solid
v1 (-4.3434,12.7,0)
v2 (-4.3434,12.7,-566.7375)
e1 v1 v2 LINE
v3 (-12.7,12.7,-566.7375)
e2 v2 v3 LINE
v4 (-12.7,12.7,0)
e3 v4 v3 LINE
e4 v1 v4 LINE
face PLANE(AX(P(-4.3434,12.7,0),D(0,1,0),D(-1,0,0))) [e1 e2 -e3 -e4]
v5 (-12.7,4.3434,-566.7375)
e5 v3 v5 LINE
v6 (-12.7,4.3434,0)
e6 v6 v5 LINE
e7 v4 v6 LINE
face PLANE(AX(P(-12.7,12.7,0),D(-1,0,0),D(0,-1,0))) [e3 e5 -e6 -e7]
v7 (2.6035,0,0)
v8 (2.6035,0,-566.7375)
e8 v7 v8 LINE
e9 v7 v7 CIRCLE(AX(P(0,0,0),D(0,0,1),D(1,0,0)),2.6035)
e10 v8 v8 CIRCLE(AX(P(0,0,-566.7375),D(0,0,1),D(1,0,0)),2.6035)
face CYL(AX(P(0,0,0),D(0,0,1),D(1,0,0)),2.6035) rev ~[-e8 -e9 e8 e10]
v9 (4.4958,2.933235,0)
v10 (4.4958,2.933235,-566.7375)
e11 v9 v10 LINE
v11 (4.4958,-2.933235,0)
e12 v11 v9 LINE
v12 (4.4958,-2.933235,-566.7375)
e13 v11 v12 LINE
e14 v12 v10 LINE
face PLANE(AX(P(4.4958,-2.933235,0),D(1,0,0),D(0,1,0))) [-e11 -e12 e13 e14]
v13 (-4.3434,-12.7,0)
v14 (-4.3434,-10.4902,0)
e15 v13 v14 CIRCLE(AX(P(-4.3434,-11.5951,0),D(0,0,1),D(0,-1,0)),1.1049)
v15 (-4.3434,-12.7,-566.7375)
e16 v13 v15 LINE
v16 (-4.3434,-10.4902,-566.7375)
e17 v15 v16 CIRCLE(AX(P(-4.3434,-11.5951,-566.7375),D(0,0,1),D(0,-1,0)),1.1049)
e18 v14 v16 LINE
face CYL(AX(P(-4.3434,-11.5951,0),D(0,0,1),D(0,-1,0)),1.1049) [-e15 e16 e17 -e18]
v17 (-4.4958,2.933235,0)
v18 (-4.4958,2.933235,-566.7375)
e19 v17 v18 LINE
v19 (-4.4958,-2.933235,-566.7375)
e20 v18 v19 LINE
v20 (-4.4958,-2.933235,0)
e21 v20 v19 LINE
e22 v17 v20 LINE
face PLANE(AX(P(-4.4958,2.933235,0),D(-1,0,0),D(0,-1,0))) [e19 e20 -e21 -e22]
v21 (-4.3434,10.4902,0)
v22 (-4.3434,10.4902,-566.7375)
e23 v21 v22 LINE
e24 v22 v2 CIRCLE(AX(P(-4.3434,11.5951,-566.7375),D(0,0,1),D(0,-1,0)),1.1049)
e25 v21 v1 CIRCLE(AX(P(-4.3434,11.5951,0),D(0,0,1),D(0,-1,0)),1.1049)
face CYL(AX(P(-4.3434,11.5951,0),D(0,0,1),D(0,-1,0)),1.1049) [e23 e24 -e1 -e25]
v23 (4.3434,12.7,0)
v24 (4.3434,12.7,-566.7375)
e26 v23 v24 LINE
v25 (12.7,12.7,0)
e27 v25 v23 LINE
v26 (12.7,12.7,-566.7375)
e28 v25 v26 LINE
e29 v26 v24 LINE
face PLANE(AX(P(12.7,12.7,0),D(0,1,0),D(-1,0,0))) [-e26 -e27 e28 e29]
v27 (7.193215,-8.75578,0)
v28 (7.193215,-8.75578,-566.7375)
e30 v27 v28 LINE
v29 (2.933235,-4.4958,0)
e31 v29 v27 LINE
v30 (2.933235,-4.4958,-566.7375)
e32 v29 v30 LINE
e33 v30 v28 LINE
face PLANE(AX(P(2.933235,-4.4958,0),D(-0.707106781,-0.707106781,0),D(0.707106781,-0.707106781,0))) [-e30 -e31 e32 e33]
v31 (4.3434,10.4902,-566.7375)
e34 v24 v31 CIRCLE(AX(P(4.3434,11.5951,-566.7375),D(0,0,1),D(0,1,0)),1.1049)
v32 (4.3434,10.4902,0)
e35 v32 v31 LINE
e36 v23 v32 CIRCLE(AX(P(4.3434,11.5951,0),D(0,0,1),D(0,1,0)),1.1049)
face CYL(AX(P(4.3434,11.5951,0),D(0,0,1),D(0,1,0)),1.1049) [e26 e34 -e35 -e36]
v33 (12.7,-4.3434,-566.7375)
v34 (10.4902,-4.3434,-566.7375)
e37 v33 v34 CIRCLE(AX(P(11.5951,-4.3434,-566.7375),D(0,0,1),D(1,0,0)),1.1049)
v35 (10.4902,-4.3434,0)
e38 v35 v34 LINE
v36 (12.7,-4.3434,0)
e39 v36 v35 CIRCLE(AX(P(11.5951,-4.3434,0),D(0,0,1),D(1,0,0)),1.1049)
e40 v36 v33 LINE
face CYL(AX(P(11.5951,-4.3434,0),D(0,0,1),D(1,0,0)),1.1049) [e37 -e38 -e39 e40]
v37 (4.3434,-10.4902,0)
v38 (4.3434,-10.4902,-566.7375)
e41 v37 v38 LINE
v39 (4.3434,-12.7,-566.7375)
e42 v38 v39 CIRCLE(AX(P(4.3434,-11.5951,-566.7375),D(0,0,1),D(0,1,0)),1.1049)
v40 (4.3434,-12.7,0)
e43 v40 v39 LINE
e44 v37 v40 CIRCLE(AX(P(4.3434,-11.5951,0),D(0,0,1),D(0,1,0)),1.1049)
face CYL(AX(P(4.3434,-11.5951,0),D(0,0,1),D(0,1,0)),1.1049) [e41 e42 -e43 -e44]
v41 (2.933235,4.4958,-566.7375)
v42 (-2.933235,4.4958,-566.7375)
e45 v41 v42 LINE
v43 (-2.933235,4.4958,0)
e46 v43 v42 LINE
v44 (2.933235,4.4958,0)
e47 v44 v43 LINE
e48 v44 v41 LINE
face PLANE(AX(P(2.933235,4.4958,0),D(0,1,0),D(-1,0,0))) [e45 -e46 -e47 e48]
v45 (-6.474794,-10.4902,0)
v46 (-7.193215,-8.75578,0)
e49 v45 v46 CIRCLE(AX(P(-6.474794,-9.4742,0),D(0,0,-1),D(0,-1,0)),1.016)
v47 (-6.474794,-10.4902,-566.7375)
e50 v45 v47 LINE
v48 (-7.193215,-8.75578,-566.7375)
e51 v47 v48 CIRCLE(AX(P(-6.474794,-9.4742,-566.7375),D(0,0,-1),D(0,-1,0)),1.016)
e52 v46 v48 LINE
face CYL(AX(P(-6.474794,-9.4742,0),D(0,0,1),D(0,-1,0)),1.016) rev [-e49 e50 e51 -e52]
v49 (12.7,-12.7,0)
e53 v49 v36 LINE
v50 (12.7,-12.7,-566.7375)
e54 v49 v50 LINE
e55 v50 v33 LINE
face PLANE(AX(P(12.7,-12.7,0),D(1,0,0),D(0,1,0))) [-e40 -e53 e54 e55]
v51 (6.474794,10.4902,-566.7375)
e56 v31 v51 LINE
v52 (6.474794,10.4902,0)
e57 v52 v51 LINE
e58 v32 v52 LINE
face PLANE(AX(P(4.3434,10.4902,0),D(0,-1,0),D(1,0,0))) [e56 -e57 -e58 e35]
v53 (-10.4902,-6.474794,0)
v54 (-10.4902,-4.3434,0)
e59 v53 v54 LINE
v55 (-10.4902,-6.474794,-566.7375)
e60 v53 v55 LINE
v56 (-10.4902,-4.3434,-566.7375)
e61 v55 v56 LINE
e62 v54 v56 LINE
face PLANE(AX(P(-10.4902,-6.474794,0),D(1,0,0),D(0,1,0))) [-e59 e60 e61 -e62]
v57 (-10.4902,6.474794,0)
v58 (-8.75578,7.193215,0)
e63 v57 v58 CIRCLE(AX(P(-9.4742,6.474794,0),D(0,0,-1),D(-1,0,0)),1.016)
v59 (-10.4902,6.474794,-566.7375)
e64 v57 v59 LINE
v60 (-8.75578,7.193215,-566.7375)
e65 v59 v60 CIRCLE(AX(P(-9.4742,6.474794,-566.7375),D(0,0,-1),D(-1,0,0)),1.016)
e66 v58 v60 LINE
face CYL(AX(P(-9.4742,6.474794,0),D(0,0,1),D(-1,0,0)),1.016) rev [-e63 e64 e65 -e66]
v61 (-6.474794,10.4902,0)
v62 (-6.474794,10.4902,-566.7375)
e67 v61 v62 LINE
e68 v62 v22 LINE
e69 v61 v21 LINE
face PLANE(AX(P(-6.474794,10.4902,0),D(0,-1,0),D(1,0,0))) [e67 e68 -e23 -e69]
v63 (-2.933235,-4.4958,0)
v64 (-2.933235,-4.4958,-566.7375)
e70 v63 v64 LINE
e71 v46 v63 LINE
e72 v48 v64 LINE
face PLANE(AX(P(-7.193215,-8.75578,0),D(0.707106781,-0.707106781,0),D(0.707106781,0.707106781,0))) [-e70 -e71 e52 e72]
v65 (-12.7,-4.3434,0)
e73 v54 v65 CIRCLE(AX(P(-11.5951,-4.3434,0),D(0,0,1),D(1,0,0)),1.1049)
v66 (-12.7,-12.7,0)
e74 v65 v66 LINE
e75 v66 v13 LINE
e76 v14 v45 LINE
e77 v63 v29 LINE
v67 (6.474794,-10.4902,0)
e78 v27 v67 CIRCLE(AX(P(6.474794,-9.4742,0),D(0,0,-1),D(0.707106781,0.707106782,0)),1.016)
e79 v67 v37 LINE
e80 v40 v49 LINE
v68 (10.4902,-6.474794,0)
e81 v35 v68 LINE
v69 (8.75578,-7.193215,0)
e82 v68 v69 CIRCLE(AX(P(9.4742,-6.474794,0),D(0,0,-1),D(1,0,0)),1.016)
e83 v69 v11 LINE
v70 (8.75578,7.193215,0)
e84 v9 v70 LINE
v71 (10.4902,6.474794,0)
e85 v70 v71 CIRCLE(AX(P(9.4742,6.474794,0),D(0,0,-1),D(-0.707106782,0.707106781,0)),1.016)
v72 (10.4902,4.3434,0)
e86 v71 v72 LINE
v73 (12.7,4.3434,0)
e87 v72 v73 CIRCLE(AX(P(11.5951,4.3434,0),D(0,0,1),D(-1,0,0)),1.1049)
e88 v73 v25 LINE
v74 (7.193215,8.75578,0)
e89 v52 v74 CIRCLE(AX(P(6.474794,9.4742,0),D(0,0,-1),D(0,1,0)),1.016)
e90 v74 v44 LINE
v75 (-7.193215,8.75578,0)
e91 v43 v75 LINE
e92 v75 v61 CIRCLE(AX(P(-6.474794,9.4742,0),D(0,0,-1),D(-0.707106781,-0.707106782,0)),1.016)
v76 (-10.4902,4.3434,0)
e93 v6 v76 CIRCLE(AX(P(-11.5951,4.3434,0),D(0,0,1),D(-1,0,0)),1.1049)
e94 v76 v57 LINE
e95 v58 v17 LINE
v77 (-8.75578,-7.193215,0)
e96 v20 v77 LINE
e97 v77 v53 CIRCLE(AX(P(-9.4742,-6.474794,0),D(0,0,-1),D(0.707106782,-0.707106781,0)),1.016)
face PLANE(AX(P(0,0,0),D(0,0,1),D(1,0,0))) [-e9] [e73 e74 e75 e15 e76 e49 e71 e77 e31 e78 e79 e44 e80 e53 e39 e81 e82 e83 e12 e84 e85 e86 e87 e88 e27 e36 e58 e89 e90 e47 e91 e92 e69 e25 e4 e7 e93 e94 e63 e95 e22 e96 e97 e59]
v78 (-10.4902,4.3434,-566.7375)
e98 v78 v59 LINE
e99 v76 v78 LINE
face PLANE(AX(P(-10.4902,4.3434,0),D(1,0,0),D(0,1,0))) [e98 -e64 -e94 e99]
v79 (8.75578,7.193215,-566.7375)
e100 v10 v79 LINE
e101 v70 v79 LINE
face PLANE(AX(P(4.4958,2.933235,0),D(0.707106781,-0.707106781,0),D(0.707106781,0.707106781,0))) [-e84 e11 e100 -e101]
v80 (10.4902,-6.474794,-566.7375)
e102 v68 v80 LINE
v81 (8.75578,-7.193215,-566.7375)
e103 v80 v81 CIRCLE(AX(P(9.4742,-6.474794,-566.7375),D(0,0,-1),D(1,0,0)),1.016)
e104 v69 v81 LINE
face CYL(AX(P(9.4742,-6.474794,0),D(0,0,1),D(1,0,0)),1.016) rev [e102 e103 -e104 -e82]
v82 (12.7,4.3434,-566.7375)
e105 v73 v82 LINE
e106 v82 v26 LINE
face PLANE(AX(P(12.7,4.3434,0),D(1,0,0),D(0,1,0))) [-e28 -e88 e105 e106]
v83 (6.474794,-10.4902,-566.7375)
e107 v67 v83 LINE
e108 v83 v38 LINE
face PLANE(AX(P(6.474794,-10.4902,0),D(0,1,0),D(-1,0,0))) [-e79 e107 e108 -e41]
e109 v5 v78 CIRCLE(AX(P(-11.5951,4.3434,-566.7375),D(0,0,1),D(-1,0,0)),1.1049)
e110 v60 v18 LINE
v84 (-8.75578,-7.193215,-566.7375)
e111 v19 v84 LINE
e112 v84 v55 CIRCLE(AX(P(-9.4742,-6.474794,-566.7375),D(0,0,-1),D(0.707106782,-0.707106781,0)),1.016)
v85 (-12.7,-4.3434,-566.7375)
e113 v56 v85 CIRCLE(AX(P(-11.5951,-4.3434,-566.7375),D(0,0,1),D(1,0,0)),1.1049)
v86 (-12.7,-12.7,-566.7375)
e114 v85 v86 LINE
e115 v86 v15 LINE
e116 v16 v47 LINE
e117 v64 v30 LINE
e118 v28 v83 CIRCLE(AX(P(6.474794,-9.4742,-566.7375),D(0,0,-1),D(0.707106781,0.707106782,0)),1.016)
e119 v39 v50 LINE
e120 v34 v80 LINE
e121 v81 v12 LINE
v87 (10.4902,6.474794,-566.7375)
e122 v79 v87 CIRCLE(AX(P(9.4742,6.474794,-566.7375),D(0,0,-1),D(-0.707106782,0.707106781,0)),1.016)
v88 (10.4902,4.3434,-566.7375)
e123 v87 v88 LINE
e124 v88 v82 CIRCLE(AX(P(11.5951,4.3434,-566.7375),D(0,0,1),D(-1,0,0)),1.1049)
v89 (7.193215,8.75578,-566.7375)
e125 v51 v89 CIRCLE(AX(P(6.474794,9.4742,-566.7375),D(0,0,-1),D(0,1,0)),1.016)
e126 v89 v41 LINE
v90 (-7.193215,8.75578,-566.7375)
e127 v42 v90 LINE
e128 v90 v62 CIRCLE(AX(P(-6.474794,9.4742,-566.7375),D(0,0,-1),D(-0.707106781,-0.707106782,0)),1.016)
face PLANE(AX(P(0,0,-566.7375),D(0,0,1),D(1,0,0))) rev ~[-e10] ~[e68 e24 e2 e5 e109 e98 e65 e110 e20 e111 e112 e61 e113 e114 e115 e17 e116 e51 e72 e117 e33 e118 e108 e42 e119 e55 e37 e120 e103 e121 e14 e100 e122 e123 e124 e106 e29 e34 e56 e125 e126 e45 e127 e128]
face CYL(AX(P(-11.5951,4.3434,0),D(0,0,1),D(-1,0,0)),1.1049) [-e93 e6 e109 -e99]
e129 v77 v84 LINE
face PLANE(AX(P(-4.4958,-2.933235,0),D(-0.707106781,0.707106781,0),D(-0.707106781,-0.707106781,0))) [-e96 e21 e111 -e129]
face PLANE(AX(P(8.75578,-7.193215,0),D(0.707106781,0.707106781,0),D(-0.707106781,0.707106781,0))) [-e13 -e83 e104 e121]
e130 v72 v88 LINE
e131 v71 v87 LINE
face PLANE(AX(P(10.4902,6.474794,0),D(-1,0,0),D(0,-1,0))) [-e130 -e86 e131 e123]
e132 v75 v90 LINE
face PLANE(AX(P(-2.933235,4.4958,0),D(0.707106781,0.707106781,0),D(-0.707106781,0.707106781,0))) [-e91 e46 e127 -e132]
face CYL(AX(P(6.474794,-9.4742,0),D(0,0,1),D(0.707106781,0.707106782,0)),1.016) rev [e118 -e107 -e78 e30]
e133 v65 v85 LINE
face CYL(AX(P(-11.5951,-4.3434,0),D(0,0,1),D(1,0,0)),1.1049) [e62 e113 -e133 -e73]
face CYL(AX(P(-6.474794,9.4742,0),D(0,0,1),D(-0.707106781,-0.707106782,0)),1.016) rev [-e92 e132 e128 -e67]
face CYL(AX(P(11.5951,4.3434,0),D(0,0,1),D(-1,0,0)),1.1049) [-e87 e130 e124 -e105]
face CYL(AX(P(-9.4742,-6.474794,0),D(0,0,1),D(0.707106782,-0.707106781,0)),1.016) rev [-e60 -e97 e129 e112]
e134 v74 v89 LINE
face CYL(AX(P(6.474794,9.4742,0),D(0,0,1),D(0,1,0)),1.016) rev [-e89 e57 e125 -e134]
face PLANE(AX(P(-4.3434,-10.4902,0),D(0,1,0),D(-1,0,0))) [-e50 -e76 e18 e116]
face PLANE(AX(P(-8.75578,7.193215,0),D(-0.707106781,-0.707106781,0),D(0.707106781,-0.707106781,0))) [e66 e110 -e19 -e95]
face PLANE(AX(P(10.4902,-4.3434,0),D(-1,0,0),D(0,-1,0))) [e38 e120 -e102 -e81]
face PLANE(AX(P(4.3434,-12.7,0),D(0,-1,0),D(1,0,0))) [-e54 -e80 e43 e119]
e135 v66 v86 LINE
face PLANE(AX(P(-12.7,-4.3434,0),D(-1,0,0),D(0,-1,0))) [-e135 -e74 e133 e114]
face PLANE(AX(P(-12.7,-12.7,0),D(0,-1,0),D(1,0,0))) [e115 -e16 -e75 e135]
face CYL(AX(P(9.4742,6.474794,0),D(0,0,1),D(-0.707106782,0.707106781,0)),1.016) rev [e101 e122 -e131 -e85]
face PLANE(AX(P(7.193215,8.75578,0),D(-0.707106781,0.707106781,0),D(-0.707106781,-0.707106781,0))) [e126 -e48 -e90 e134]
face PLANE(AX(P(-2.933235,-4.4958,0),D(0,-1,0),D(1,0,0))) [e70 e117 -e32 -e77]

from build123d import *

# Parameters (mm, degrees)
SKETCH1_R           = 2.6035
BOSS_EXTRUDE1_DEPTH = 566.7375


with BuildPart() as part:
    # Sketch1 → Boss-Extrude1 (new body)
    with BuildSketch(Plane.XY):
        with BuildLine():
            Line((-12.7, -12.7), (-4.343399971, -12.7))
            ThreePointArc((-4.343399971, -12.7), (-3.238499971, -11.5951), (-4.343399971, -10.4902))
            Line((-4.343399971, -10.4902), (-6.474794456, -10.4902))
            ThreePointArc((-6.474794456, -10.4902), (-7.413456061, -9.863006367), (-7.193214945, -8.75577951))
            Line((-7.193214945, -8.75577951), (-2.933235435, -4.4958))
            Line((-2.933235435, -4.4958), (2.933235435, -4.4958))
            Line((2.933235435, -4.4958), (7.193214945, -8.75577951))
            ThreePointArc((7.193214945, -8.75577951), (7.413456061, -9.863006367), (6.474794456, -10.4902))
            Line((6.474794456, -10.4902), (4.3434, -10.4902))
            ThreePointArc((4.3434, -10.4902), (3.2385, -11.5951), (4.3434, -12.7))
            Line((4.3434, -12.7), (12.7, -12.7))
            Line((12.7, -12.7), (12.7, -4.343399971))
            ThreePointArc((12.7, -4.343399971), (11.5951, -3.238499971), (10.4902, -4.343399971))
            Line((10.4902, -4.343399971), (10.4902, -6.474794456))
            ThreePointArc((10.4902, -6.474794456), (9.863006367, -7.413456061), (8.75577951, -7.193214945))
            Line((8.75577951, -7.193214945), (4.4958, -2.933235435))
            Line((4.4958, -2.933235435), (4.4958, 2.933235435))
            Line((4.4958, 2.933235435), (8.75577951, 7.193214945))
            ThreePointArc((8.75577951, 7.193214945), (9.863006367, 7.413456061), (10.4902, 6.474794456))
            Line((10.4902, 6.474794456), (10.4902, 4.3434))
            ThreePointArc((10.4902, 4.3434), (11.5951, 3.2385), (12.7, 4.3434))
            Line((12.7, 4.3434), (12.7, 12.7))
            Line((12.7, 12.7), (4.343399971, 12.7))
            ThreePointArc((4.343399971, 12.7), (3.238499971, 11.5951), (4.343399971, 10.4902))
            Line((4.343399971, 10.4902), (6.474794456, 10.4902))
            ThreePointArc((6.474794456, 10.4902), (7.413456061, 9.863006367), (7.193214945, 8.75577951))
            Line((7.193214945, 8.75577951), (2.933235435, 4.4958))
            Line((2.933235435, 4.4958), (-2.933235435, 4.4958))
            Line((-2.933235435, 4.4958), (-7.193214945, 8.75577951))
            ThreePointArc((-7.193214945, 8.75577951), (-7.413456061, 9.863006367), (-6.474794456, 10.4902))
            Line((-6.474794456, 10.4902), (-4.3434, 10.4902))
            ThreePointArc((-4.3434, 10.4902), (-3.2385, 11.5951), (-4.3434, 12.7))
            Line((-4.3434, 12.7), (-12.7, 12.7))
            Line((-12.7, 12.7), (-12.7, 4.343399971))
            ThreePointArc((-12.7, 4.343399971), (-11.5951, 3.238499971), (-10.4902, 4.343399971))
            Line((-10.4902, 4.343399971), (-10.4902, 6.474794456))
            ThreePointArc((-10.4902, 6.474794456), (-9.863006367, 7.413456061), (-8.75577951, 7.193214945))
            Line((-8.75577951, 7.193214945), (-4.4958, 2.933235435))
            Line((-4.4958, 2.933235435), (-4.4958, -2.933235435))
            Line((-4.4958, -2.933235435), (-8.75577951, -7.193214945))
            ThreePointArc((-8.75577951, -7.193214945), (-9.863006367, -7.413456061), (-10.4902, -6.474794456))
            Line((-10.4902, -6.474794456), (-10.4902, -4.3434))
            ThreePointArc((-10.4902, -4.3434), (-11.5951, -3.2385), (-12.7, -4.3434))
            Line((-12.7, -4.3434), (-12.7, -12.7))
        make_face()
        Circle(SKETCH1_R, mode=Mode.SUBTRACT)
    extrude(amount=-BOSS_EXTRUDE1_DEPTH)


solid = part.part
